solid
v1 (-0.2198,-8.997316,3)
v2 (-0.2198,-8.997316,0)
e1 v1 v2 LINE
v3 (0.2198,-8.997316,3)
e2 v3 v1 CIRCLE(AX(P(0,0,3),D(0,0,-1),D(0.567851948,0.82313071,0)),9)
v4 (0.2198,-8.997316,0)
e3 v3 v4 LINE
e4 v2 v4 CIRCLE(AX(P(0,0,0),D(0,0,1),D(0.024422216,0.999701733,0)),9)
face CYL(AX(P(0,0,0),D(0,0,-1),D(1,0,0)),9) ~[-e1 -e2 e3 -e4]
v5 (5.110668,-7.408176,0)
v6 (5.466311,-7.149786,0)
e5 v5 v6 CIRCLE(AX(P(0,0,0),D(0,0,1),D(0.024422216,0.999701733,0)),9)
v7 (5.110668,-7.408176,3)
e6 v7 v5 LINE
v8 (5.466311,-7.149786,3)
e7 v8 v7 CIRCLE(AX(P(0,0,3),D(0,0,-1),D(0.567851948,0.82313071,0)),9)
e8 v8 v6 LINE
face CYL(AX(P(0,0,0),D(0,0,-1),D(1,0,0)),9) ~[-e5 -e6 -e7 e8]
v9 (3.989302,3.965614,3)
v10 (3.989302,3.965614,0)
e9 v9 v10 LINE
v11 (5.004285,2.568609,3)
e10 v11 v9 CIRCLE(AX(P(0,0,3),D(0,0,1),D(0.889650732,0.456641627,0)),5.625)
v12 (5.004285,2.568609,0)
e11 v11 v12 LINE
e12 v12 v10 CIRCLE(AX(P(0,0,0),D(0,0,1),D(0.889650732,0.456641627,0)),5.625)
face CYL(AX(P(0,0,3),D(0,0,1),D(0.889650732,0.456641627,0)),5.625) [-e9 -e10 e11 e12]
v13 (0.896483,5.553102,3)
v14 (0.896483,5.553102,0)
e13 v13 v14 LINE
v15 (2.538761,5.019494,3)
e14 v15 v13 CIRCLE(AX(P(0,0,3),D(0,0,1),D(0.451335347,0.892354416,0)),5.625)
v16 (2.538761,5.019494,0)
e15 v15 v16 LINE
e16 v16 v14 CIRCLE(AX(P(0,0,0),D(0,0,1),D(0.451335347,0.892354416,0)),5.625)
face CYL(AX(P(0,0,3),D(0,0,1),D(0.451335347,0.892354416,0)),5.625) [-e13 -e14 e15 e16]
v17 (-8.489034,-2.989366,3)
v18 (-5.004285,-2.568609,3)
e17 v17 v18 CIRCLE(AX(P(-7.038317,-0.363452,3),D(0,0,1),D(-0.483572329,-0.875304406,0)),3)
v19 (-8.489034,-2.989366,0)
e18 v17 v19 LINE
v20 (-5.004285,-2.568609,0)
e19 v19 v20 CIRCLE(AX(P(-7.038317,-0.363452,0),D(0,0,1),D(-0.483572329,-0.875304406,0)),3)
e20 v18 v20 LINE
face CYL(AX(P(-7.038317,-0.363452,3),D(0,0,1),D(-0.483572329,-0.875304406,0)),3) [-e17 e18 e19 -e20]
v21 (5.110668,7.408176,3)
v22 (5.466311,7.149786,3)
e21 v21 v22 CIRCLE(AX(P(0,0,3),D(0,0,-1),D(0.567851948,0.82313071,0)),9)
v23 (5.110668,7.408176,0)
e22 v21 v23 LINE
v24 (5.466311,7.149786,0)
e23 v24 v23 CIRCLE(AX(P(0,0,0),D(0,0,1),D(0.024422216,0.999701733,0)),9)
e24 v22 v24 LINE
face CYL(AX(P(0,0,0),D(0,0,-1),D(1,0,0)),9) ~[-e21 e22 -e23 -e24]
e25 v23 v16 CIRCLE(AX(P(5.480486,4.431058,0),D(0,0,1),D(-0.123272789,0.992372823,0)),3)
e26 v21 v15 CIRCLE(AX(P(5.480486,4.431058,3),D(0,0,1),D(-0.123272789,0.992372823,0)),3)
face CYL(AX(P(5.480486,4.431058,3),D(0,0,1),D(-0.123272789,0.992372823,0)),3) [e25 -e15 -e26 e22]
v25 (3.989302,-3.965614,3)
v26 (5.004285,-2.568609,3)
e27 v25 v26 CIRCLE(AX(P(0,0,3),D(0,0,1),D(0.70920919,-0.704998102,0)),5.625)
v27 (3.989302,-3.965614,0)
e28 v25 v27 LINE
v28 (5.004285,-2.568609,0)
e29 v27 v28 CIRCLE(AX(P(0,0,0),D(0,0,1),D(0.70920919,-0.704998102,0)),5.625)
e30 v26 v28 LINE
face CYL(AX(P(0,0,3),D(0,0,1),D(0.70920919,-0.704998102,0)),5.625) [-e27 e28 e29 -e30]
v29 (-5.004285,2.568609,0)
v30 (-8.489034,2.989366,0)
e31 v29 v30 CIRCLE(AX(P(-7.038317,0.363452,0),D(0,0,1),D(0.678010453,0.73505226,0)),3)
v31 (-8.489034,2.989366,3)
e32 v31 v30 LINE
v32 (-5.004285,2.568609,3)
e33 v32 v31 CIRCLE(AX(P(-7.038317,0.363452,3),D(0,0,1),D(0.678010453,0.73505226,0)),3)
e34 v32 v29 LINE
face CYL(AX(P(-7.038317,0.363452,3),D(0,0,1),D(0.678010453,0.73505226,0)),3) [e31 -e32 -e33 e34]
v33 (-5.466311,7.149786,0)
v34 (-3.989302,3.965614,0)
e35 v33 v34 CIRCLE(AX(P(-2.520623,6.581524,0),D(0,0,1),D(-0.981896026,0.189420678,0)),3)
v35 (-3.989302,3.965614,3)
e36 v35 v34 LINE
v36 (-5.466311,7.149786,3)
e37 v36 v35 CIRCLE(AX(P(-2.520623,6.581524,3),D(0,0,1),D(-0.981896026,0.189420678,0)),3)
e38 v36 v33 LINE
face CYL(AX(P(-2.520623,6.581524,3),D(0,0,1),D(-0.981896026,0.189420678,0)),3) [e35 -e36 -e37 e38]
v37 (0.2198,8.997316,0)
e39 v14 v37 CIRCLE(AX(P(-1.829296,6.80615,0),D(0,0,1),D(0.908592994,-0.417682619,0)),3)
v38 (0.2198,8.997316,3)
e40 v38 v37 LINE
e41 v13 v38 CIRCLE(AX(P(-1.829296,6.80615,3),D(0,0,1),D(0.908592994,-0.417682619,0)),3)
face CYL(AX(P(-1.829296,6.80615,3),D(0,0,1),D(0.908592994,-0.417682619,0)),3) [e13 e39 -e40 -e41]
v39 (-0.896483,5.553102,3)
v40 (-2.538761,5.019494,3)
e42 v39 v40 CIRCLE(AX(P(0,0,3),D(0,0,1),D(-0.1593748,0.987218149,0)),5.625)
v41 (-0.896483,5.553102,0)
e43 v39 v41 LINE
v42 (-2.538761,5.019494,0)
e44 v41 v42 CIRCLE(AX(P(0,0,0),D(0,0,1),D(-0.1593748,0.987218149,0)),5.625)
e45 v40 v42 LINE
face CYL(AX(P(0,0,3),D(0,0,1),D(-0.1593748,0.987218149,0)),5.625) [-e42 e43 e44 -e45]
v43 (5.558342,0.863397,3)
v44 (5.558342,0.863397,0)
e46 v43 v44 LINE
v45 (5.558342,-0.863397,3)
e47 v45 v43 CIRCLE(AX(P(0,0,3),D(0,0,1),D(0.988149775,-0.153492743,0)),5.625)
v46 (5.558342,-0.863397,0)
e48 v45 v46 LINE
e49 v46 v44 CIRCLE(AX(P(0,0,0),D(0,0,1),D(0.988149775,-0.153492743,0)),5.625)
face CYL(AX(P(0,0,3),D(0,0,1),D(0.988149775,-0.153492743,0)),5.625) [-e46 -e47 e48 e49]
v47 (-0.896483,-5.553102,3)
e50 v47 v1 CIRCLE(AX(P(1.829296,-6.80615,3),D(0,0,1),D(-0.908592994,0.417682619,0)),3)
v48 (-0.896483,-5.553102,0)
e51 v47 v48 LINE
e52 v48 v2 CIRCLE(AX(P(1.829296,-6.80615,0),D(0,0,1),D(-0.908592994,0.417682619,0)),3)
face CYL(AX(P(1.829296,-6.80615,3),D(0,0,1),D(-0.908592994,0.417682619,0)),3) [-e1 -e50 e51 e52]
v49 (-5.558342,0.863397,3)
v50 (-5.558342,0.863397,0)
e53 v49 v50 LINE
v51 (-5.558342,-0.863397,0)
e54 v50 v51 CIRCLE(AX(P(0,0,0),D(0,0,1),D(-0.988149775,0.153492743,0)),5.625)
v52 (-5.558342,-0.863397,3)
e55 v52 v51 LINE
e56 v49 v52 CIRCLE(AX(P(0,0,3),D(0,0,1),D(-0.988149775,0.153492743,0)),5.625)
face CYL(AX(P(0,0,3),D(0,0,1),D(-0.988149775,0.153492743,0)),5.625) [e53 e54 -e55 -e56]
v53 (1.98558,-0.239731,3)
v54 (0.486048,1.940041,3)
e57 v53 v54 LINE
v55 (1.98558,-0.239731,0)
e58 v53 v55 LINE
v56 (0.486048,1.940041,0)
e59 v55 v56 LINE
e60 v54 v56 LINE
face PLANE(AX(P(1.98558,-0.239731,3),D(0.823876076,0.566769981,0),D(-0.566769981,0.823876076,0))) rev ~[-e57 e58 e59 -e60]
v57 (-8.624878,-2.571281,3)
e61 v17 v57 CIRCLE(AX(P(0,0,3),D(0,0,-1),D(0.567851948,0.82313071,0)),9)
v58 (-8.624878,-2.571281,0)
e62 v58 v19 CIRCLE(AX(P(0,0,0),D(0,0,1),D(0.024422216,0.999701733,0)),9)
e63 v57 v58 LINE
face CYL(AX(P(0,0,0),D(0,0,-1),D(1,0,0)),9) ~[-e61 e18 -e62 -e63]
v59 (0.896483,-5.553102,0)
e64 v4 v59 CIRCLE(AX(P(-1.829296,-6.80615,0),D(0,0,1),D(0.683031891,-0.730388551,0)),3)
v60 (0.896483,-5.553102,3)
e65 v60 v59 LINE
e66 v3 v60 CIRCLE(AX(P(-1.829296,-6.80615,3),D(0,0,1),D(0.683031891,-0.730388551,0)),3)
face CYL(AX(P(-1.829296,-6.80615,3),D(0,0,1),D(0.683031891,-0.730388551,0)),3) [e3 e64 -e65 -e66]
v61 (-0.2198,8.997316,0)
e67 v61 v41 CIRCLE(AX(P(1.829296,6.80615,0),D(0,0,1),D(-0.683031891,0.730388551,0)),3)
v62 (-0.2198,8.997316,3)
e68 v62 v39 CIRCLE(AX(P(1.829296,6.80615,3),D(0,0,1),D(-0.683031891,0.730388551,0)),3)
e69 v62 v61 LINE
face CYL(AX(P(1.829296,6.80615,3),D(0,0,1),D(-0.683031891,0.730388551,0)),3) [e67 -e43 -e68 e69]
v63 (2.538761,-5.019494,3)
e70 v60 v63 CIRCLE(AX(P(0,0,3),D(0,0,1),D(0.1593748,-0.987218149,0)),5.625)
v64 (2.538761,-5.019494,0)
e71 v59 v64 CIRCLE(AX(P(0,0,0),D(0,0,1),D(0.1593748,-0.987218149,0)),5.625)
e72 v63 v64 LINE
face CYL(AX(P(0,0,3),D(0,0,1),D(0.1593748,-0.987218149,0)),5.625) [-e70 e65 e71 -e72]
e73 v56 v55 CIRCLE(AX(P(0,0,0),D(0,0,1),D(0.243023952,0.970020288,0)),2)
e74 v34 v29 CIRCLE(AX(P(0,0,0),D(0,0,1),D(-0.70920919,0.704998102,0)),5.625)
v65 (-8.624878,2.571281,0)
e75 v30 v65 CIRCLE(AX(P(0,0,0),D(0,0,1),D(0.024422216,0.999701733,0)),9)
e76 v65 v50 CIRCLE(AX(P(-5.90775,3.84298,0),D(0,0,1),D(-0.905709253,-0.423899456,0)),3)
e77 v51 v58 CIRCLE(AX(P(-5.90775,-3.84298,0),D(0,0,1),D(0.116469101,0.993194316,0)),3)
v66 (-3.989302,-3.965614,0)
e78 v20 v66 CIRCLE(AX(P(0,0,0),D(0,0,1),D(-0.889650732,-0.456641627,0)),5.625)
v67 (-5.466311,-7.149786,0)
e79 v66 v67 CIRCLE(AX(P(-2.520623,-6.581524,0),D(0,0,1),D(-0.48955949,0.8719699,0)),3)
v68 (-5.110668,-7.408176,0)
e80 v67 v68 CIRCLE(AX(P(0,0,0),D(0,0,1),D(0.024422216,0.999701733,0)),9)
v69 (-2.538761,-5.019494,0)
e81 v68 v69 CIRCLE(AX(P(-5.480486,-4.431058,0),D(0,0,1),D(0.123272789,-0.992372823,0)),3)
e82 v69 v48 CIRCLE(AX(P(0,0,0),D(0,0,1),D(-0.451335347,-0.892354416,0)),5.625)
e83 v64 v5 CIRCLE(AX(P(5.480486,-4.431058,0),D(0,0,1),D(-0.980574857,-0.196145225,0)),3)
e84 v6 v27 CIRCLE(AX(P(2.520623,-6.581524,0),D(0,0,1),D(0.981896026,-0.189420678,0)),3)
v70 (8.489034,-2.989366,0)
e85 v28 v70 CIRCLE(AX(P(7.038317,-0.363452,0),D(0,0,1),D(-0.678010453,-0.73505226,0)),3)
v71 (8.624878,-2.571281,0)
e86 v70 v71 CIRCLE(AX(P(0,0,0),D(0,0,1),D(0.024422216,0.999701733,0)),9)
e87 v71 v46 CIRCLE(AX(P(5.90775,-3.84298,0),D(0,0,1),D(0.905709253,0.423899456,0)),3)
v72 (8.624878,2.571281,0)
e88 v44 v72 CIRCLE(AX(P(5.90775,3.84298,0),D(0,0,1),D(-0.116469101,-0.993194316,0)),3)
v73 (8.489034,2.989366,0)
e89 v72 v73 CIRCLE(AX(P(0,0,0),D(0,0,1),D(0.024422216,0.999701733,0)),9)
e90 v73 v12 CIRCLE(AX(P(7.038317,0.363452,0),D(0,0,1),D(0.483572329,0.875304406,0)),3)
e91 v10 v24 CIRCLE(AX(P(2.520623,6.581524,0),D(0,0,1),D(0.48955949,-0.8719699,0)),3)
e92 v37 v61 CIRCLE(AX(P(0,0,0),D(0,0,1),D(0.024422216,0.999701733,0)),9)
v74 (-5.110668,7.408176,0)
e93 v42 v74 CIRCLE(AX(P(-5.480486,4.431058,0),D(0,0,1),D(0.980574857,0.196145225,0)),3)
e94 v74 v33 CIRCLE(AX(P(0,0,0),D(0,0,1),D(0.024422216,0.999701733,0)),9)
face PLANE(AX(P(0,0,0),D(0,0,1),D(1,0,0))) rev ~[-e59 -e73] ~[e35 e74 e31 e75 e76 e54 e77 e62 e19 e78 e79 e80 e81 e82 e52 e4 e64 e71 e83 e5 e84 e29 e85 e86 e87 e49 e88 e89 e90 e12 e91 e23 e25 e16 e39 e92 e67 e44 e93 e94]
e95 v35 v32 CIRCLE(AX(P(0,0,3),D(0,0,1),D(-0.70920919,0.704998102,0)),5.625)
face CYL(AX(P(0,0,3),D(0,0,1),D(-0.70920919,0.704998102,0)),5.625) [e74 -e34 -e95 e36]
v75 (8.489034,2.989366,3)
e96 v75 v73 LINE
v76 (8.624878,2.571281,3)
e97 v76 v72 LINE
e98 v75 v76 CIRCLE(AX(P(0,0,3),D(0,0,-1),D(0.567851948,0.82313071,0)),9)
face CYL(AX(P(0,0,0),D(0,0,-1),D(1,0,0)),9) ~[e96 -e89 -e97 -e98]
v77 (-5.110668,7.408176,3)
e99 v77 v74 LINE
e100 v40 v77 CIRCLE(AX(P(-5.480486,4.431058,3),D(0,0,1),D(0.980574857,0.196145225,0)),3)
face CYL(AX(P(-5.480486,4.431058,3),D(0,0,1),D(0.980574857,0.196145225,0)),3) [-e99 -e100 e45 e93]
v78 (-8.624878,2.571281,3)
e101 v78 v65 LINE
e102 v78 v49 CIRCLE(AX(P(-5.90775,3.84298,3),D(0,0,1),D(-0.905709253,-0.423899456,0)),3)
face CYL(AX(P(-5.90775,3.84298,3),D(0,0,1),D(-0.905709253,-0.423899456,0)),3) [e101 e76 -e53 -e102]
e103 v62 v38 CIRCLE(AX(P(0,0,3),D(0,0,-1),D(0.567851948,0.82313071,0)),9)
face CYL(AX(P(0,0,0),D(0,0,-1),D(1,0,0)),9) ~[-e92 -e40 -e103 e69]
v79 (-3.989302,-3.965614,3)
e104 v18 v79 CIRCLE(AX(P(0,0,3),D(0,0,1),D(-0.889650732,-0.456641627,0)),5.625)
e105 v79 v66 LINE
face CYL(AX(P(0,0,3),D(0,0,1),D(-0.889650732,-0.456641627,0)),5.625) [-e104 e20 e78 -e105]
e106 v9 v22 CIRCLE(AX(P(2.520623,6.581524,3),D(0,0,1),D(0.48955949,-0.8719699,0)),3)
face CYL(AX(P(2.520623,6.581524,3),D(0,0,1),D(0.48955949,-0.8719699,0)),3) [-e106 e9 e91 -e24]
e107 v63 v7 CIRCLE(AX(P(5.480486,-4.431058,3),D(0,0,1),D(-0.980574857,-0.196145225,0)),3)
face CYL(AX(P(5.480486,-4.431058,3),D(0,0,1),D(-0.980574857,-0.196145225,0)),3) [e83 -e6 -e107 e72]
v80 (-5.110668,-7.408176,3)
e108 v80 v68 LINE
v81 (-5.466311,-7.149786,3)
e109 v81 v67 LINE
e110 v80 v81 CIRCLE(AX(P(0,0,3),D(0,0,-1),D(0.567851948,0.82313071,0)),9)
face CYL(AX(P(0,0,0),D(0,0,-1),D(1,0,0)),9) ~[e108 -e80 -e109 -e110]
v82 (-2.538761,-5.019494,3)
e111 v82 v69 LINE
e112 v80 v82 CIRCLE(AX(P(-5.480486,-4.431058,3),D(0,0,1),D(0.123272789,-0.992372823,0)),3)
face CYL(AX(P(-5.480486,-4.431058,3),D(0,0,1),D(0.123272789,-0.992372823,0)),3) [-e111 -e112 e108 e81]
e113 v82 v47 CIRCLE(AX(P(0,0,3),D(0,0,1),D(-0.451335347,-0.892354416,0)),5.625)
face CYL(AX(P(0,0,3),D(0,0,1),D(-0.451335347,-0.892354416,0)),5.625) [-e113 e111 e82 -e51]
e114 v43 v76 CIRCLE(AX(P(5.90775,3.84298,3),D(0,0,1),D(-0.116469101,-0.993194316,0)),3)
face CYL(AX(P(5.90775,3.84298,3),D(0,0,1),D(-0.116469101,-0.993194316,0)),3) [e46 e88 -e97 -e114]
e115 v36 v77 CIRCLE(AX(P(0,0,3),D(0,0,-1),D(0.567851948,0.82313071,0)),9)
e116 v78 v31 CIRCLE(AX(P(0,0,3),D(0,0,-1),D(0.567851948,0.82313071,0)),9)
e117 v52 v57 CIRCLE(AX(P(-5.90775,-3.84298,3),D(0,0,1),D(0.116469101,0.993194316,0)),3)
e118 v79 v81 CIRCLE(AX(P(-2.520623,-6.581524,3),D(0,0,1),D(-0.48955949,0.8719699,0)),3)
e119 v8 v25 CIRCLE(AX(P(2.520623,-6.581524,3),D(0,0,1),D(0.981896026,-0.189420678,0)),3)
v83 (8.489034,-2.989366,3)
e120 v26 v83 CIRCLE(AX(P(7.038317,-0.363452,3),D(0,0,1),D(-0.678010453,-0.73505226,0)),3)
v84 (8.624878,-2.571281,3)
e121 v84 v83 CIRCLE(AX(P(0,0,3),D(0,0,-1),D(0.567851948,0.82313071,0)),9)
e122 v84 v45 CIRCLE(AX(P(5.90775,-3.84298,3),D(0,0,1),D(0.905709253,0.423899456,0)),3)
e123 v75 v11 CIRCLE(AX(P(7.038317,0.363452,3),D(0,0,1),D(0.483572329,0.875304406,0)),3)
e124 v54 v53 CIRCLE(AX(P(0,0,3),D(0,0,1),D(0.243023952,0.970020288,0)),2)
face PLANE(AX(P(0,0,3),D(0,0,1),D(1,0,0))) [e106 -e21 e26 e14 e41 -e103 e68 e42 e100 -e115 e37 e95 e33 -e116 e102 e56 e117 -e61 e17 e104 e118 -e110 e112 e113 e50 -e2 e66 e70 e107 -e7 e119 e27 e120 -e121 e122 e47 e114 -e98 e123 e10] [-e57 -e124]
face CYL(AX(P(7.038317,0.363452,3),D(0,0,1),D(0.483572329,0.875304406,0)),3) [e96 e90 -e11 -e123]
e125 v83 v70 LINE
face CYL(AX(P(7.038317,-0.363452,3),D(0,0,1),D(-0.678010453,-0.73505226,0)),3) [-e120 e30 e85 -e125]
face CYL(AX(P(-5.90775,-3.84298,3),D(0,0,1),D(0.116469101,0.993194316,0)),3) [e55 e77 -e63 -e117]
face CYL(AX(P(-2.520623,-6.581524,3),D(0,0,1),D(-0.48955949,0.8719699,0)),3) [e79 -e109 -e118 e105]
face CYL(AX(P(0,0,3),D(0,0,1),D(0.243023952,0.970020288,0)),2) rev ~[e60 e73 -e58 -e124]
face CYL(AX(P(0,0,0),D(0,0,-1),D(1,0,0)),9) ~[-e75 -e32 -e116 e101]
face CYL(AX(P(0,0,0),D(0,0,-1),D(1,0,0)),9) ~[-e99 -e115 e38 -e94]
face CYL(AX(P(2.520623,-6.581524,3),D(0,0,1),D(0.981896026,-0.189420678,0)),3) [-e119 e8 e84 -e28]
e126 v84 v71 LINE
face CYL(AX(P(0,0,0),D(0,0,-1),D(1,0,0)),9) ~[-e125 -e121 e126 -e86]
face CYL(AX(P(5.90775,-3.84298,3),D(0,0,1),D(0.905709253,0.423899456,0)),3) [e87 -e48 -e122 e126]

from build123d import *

# Parameters (mm, degrees)
SKETCH1_R           = 9
BOSS_EXTRUDE1_DEPTH = 3
CUT_EXTRUDE1_DEPTH  = 14.076696831
CIRPATTERN1_COUNT   = 10
CUT_EXTRUDE4_DEPTH  = 13.821408374


with BuildPart() as part:
    # Sketch1 → Boss-Extrude1 (new body)
    with BuildSketch(Plane.XY):
        Circle(SKETCH1_R)
    extrude(amount=BOSS_EXTRUDE1_DEPTH)

    # Sketch2 → Cut-Extrude1 (cut, through all)
    with BuildSketch(Plane.XY.offset(3)):
        with BuildLine():
            ThreePointArc((5.110667533, 7.408176386), (3.438910397, 6.629232039), (2.538761327, 5.019493592))
            ThreePointArc((2.538761327, 5.019493592), (1.738220593, 5.349692904), (0.896483249, 5.553102087))
            ThreePointArc((0.896483249, 5.553102087), (1.114427873, 7.384502195), (0.21979994, 8.997315599))
            ThreePointArc((0.21979994, 8.997315599), (2.781152949, 8.559508647), (5.110667533, 7.408176386))
        make_face()
    cut_extrude1 = extrude(amount=-CUT_EXTRUDE1_DEPTH, mode=Mode.SUBTRACT)

    # CirPattern1: Cut-Extrude1 ×10 about axis
    cirpattern1_axis = Axis((0, 0, 0), (0, 0, 1))
    for i in range(1, CIRPATTERN1_COUNT):
        add(cut_extrude1.rotate(cirpattern1_axis, i * 360 / CIRPATTERN1_COUNT), mode=Mode.SUBTRACT)

    # Sketch5 → Cut-Extrude4 (cut, through all)
    with BuildSketch(Plane.XY.offset(3)):
        with BuildLine():
            Line((1.985580324, -0.239730633), (0.486047904, 1.940040575))
            ThreePointArc((0.486047904, 1.940040575), (-1.647752152, -1.133539961), (1.985580324, -0.239730633))
        make_face()
    extrude(amount=-CUT_EXTRUDE4_DEPTH, mode=Mode.SUBTRACT)


solid = part.part
